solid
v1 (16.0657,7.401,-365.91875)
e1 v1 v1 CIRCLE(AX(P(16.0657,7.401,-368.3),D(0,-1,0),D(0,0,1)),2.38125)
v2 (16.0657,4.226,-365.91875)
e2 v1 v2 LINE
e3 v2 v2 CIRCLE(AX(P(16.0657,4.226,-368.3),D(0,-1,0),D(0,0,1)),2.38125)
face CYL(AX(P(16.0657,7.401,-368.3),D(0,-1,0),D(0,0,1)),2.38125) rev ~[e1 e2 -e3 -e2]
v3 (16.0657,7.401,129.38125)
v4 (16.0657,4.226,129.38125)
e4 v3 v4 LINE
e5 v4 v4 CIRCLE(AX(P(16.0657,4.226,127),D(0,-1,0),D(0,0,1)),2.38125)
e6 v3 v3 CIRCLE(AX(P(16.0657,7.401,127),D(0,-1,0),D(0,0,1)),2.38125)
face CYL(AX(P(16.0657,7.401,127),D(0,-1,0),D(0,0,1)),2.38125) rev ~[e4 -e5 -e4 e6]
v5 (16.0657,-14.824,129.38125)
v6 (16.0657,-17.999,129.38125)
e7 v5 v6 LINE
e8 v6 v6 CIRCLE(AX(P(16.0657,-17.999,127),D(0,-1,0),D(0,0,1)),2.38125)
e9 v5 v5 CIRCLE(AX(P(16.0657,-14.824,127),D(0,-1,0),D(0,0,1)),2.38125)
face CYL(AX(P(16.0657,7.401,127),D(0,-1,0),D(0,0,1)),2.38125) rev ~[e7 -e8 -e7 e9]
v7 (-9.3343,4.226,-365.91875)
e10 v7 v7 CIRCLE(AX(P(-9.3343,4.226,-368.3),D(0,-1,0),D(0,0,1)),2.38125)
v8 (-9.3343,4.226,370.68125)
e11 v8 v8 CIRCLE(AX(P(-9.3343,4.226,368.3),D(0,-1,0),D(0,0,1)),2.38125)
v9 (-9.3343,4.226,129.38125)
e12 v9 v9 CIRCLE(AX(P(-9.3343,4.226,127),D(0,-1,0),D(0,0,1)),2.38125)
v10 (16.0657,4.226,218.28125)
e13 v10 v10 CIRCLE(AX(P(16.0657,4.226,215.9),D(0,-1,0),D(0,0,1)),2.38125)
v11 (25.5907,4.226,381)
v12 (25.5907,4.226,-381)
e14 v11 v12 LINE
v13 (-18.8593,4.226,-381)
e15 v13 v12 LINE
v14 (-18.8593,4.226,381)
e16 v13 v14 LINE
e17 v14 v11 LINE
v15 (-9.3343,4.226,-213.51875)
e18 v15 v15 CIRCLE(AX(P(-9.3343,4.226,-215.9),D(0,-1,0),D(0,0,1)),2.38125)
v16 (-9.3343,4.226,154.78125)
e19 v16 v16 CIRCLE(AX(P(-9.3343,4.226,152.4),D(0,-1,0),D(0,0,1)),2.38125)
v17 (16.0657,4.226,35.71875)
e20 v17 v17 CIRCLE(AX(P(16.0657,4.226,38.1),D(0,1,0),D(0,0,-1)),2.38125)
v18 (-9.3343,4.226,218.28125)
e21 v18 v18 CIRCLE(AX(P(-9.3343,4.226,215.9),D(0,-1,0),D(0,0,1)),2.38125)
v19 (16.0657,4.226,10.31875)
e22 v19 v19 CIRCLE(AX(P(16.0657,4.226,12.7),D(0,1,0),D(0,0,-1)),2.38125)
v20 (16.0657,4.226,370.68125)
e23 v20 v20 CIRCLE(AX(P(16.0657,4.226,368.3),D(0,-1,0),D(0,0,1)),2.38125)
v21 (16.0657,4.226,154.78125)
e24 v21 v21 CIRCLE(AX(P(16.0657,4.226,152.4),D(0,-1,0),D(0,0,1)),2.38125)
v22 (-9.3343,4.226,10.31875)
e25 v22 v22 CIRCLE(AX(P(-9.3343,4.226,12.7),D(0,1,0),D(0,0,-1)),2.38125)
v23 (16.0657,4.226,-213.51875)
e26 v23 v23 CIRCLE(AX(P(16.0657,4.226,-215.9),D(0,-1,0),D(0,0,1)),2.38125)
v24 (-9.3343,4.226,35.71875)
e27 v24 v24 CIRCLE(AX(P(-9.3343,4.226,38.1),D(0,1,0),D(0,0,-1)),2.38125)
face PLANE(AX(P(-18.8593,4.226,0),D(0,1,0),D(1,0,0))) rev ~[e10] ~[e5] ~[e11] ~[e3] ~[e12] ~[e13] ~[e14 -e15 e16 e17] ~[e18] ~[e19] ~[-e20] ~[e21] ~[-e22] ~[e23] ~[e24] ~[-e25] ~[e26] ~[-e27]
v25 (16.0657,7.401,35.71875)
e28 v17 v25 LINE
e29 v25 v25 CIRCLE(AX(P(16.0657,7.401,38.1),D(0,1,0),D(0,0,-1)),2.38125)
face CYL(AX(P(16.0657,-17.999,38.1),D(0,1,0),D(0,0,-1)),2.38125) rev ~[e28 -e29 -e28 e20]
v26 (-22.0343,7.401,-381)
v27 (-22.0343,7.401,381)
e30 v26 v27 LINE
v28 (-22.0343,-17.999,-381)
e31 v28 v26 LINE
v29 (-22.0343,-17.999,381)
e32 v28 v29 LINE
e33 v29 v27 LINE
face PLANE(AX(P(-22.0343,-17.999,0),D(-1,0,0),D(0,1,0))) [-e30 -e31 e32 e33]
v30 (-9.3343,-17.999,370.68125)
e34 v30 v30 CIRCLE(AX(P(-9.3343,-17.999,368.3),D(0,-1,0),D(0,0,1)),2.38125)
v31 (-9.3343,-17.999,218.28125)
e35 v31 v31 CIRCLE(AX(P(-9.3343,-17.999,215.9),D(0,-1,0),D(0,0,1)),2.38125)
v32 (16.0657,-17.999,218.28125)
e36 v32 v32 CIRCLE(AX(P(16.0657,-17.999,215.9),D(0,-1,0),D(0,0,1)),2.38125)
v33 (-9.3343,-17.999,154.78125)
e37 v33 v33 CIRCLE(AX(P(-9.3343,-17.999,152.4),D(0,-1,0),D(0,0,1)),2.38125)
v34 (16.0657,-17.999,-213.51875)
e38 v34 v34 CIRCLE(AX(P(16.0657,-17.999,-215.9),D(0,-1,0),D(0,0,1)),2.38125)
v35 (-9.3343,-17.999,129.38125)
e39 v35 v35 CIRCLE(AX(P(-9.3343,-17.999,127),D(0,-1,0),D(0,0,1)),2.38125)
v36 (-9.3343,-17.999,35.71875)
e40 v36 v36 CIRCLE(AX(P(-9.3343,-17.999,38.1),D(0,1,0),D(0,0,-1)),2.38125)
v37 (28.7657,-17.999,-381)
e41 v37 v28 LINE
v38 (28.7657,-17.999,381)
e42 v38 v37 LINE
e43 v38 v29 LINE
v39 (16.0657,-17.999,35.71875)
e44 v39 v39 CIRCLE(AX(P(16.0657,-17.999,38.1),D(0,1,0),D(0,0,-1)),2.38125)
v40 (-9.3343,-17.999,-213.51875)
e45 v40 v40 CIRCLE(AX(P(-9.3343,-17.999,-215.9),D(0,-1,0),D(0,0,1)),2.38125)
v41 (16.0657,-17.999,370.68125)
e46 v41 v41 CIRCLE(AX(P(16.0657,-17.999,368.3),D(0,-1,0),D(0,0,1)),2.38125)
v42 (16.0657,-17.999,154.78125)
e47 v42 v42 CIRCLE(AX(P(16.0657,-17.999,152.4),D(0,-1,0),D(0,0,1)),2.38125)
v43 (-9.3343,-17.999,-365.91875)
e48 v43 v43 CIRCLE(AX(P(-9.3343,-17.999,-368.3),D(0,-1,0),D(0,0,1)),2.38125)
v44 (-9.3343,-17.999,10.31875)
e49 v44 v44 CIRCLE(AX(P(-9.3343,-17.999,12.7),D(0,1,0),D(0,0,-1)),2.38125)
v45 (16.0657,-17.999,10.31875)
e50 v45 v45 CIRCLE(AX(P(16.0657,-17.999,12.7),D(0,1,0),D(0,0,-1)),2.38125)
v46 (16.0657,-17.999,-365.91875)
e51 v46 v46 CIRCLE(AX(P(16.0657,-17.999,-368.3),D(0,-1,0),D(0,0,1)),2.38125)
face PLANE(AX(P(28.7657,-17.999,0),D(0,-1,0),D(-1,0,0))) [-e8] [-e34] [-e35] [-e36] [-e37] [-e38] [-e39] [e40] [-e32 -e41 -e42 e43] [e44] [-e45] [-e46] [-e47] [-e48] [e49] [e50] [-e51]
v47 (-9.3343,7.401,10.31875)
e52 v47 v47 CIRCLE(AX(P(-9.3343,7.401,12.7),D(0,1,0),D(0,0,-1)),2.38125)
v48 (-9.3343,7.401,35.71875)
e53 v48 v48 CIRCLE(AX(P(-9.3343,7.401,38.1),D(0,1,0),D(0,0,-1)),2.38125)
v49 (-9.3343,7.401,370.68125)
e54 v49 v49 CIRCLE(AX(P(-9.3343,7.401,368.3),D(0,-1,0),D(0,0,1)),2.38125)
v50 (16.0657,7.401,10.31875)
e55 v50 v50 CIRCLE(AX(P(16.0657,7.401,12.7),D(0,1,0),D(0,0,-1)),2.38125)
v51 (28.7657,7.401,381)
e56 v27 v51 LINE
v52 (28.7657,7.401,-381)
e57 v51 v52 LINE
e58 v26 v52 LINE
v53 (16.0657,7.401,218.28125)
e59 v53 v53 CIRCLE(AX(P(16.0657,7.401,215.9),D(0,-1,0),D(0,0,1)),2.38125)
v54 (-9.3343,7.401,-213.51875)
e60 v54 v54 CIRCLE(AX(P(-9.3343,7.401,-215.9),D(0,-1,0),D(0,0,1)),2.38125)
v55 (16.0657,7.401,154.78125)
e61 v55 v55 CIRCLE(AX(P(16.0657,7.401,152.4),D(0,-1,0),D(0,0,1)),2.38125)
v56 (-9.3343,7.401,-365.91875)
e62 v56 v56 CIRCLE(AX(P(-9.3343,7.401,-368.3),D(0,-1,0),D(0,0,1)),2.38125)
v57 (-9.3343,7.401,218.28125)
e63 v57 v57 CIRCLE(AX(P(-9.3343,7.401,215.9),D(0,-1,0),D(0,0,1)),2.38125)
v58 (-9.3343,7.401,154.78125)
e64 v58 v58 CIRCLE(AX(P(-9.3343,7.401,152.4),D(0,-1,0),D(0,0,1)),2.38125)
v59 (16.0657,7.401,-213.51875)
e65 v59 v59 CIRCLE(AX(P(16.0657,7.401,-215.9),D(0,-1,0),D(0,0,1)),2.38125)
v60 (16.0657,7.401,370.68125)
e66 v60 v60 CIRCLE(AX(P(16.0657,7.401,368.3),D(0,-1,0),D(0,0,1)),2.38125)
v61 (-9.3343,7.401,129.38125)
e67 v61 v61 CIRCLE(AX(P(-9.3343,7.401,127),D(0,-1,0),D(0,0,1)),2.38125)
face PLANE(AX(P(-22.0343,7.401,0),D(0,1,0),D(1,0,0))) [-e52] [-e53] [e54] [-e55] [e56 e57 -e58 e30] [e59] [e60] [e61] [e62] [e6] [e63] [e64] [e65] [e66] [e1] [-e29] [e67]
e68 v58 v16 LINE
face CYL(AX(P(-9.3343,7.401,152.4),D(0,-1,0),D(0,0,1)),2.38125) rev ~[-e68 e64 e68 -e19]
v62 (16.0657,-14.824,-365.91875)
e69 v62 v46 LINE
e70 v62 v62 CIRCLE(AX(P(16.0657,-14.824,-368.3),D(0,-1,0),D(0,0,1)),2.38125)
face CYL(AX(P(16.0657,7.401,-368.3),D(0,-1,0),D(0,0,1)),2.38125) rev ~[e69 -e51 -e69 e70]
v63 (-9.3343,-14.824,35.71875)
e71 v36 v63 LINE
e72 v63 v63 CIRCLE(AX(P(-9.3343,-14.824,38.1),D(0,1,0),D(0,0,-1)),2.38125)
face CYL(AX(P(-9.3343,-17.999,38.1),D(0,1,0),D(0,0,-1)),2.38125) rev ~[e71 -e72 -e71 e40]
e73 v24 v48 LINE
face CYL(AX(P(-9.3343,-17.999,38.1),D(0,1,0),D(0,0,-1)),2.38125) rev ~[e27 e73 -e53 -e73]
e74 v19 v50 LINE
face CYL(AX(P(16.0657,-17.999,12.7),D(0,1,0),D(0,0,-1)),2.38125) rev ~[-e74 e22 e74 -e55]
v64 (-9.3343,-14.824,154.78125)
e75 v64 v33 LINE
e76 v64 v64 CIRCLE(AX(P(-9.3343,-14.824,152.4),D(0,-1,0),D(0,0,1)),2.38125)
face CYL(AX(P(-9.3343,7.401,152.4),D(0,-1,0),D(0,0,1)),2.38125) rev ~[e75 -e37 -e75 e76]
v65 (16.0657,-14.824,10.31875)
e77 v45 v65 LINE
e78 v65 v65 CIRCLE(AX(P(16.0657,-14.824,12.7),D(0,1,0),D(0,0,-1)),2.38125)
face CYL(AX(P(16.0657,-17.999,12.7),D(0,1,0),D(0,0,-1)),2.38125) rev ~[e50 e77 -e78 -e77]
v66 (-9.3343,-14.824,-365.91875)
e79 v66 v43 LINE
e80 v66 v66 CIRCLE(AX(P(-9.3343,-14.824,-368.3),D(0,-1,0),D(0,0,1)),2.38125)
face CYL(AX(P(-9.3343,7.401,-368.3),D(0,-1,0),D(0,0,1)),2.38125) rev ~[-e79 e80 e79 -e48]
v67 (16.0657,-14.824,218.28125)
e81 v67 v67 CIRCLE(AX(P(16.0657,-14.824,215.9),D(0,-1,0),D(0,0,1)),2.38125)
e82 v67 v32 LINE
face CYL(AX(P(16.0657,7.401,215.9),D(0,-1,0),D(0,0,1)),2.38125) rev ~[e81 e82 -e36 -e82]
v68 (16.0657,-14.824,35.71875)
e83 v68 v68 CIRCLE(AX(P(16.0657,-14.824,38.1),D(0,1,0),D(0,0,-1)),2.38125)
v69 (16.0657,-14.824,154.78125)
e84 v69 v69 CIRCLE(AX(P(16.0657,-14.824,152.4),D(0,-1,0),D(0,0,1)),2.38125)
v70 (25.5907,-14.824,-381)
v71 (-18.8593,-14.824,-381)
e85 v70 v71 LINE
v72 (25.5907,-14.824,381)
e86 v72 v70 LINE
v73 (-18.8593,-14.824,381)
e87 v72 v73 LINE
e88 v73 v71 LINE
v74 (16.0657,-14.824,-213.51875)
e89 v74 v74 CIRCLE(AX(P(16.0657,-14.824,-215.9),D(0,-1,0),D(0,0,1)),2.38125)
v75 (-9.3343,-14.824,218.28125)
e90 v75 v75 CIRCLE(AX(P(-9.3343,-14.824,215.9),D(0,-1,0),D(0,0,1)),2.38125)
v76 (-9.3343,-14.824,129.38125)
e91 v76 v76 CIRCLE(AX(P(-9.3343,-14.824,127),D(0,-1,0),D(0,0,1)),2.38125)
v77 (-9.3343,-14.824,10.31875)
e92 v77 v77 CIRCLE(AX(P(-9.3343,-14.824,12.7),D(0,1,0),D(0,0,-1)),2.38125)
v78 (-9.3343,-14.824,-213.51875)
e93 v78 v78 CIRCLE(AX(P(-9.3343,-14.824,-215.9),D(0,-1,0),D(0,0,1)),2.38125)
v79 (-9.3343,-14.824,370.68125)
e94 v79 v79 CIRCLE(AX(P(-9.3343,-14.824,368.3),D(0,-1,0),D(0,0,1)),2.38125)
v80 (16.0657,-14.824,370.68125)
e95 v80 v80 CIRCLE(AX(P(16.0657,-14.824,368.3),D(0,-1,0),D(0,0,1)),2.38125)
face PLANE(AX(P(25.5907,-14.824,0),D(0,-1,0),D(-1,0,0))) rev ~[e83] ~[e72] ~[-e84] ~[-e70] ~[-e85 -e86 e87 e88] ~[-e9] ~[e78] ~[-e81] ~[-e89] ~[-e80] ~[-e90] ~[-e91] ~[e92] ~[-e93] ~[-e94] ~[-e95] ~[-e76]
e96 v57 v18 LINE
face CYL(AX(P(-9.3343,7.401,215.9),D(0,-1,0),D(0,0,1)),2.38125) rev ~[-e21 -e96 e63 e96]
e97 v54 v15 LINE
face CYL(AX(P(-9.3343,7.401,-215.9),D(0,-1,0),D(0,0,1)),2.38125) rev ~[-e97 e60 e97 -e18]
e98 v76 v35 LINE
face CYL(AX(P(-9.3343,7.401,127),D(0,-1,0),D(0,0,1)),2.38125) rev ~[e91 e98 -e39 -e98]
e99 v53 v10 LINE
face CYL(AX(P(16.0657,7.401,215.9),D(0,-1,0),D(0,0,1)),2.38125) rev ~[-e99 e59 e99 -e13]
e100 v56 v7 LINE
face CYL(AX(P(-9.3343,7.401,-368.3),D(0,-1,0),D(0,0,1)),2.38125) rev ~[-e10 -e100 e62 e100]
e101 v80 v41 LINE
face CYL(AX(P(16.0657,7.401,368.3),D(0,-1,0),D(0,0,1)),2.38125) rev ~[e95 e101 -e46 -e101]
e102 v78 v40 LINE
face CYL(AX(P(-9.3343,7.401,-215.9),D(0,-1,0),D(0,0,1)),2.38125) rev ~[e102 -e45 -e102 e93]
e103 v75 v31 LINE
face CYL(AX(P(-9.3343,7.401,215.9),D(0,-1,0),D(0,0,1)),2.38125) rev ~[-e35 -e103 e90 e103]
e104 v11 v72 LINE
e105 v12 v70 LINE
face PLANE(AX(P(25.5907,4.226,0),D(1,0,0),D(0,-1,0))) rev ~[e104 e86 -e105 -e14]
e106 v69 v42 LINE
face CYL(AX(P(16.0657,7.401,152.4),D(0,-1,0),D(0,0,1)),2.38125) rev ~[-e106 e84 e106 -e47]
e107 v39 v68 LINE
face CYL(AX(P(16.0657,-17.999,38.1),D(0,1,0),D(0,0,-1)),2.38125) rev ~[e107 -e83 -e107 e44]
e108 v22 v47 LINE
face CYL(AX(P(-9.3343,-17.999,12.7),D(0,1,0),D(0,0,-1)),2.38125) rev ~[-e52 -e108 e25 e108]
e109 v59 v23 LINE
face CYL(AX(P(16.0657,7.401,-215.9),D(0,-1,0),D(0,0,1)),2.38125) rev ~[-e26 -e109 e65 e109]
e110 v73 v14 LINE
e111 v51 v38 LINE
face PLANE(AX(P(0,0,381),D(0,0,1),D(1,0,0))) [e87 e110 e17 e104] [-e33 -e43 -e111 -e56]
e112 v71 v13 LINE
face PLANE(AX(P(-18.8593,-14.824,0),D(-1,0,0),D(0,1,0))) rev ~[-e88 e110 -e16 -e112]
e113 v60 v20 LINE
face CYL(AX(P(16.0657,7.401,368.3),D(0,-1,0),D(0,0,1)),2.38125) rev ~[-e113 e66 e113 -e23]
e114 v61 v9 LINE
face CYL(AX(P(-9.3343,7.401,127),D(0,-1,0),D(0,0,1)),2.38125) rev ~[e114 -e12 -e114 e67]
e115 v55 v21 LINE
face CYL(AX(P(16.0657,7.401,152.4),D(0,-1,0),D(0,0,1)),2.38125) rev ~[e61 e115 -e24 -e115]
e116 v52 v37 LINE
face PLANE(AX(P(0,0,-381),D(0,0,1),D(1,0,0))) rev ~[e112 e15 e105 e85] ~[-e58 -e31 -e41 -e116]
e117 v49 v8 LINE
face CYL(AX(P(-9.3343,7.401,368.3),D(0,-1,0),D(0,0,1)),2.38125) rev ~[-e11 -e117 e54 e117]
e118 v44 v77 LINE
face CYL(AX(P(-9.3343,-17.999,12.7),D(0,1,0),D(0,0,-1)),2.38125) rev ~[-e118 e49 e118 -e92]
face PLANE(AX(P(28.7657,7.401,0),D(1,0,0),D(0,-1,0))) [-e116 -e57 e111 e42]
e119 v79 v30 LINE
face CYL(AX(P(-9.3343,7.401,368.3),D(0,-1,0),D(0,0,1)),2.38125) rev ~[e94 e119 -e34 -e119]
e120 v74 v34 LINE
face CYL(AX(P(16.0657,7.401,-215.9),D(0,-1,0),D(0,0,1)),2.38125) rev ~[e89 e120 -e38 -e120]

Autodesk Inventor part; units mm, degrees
ref_plane "YZ Plane" through (0, 0, 0) normal (1, 0, 0) x (0, 1, 0)
ref_plane "XZ Plane" through (0, 0, 0) normal (0, 1, 0) x (-1, 0, 0)
ref_plane "XY Plane" through (0, 0, 0) normal (0, 0, 1) x (1, 0, 0)
sketch "Sketch1" plane through (0, 0, 0) normal (0, 0, 1) x (1, 0, 0)
  line L0 (-22.0343, 7.401) -> (28.7657, 7.401)
  line L1 (28.7657, 7.401) -> (28.7657, -17.999)
  line L2 (28.7657, -17.999) -> (-22.0343, -17.999)
  line L3 (-22.0343, -17.999) -> (-22.0343, 7.401)
  line L4 (-18.8593, 4.226) -> (25.5907, 4.226)
  line L5 (25.5907, 4.226) -> (25.5907, -14.824)
  line L6 (25.5907, -14.824) -> (-18.8593, -14.824)
  line L7 (-18.8593, -14.824) -> (-18.8593, 4.226)
  point P0 (0, 0)
  dimension "d0" = 50.8
  dimension "d1" = 25.4
  dimension "d2" = 3.175
  dimension "d3" = 3.175
  dimension "d4" = 3.175
  dimension "d5" = 3.175
extrude "Extrusion1" add sketch "Sketch1" along normal mid plane 762
sketch "Sketch2" plane through (-22.0343, 7.401, 381) normal (0, 1, 0) x (1, 0, 0)
  line L0 (50.8, 0) -> (0, 0) projected
  line L1 (0, 762) -> (0, 0) projected
  point P0 (22.0343, 381)
  point P1 (12.7, 12.7)
  dimension "d8" = 12.7
  dimension "d9" = 12.7
hole "Hole1" at (-9.3343, 7.401, 368.3) direction (0, -1, 0) diameter 4.7625 depth 27.94
sketch "Sketch3" plane through (-22.0343, 7.401, 381) normal (0, 1, 0) x (1, 0, 0)
  line L0 (50.8, 0) -> (0, 0) projected
  line L1 (50.8, 762) -> (50.8, 0) projected
  point P0 (22.0343, 381)
  point P1 (38.1, 12.7)
  dimension "d17" = 12.7
  dimension "d18" = 12.7
hole "Hole2" at (16.0657, 7.401, 368.3) direction (0, -1, 0) diameter 4.7625 depth 27.94
sketch "Sketch4" plane through (-22.0343, 7.401, 381) normal (0, 1, 0) x (1, 0, 0)
  line L0 (0, 762) -> (0, 0) projected
  line L1 (50.8, 0) -> (0, 0) projected
  point P0 (22.0343, 381)
  point P1 (12.7, 165.1)
  dimension "d26" = 12.7
  dimension "d27" = 165.1
hole "Hole3" at (-9.3343, 7.401, 215.9) direction (0, -1, 0) diameter 4.7625 depth 27.94
sketch "Sketch5" plane through (-22.0343, 7.401, 381) normal (0, 1, 0) x (1, 0, 0)
  line L0 (50.8, 762) -> (50.8, 0) projected
  line L1 (50.8, 0) -> (0, 0) projected
  point P0 (22.0343, 381)
  point P1 (38.1, 165.1)
  dimension "d35" = 12.7
  dimension "d36" = 165.1
hole "Hole4" at (16.0657, 7.401, 215.9) direction (0, -1, 0) diameter 4.7625 depth 27.94
sketch "Sketch6" plane through (-22.0343, 7.401, 381) normal (0, 1, 0) x (1, 0, 0)
  line L0 (0, 762) -> (50.8, 762) projected
  line L1 (0, 762) -> (0, 0) projected
  point P0 (22.0343, 381)
  point P1 (12.7, 749.3)
  dimension "d44" = 12.7
  dimension "d45" = 12.7
hole "Hole5" at (-9.3343, 7.401, -368.3) direction (0, -1, 0) diameter 4.7625 depth 27.94
sketch "Sketch7" plane through (-22.0343, 7.401, 381) normal (0, 1, 0) x (1, 0, 0)
  line L0 (0, 762) -> (50.8, 762) projected
  line L1 (50.8, 762) -> (50.8, 0) projected
  point P0 (22.0343, 381)
  point P1 (38.1, 749.3)
  dimension "d53" = 12.7
  dimension "d54" = 12.7
hole "Hole6" at (16.0657, 7.401, -368.3) direction (0, -1, 0) diameter 4.7625 depth 27.94
sketch "Sketch8" plane through (-22.0343, 7.401, 381) normal (0, 1, 0) x (1, 0, 0)
  line L0 (0, 762) -> (50.8, 762) projected
  line L1 (0, 762) -> (0, 0) projected
  point P0 (22.0343, 381)
  point P1 (12.7, 596.9)
  dimension "d62" = 165.1
  dimension "d63" = 12.7
hole "Hole7" at (-9.3343, 7.401, -215.9) direction (0, -1, 0) diameter 4.7625 depth 27.94
sketch "Sketch9" plane through (-22.0343, 7.401, 381) normal (0, 1, 0) x (1, 0, 0)
  line L0 (0, 762) -> (50.8, 762) projected
  line L1 (50.8, 762) -> (50.8, 0) projected
  point P0 (22.0343, 381)
  point P1 (38.1, 596.9)
  dimension "d71" = 165.1
  dimension "d72" = 12.7
hole "Hole8" at (16.0657, 7.401, -215.9) direction (0, -1, 0) diameter 4.7625 depth 27.94
sketch "Sketch14" plane through (-22.0343, 7.401, 381) normal (0, 1, 0) x (1, 0, 0)
  line L0 (0, 762) -> (0, 0) projected
  line L1 (50.8, 0) -> (0, 0) projected
  point P0 (22.0343, 381)
  point P1 (12.7, 254)
  dimension "d116" = 12.7
  dimension "d117" = 254
hole "Hole13" at (-9.3343, 7.401, 127) direction (0, -1, 0) diameter 4.7625 depth 104.14
sketch "Sketch15" plane through (-22.0343, 7.401, 381) normal (0, 1, 0) x (1, 0, 0)
  line L0 (0, 762) -> (0, 0) projected
  line L1 (50.8, 0) -> (0, 0) projected
  point P0 (22.0343, 381)
  point P1 (38.1, 254)
  dimension "d125" = 38.1
  dimension "d126" = 254
hole "Hole14" at (16.0657, 7.401, 127) direction (0, -1, 0) diameter 4.7625 depth 104.14
sketch "Sketch16" plane through (-22.0343, 7.401, 381) normal (0, 1, 0) x (1, 0, 0)
  line L0 (0, 762) -> (0, 0) projected
  line L1 (50.8, 0) -> (0, 0) projected
  point P0 (22.0343, 381)
  point P1 (12.7, 228.6)
  dimension "d134" = 12.7
  dimension "d135" = 228.6
hole "Hole15" at (-9.3343, 7.401, 152.4) direction (0, -1, 0) diameter 4.7625 depth 104.14
sketch "Sketch17" plane through (-22.0343, 7.401, 381) normal (0, 1, 0) x (1, 0, 0)
  line L0 (50.8, 0) -> (0, 0) projected
  line L1 (50.8, 762) -> (50.8, 0) projected
  point P0 (22.0343, 381)
  point P1 (38.1, 228.6)
  dimension "d143" = 228.6
  dimension "d144" = 12.7
hole "Hole16" at (16.0657, 7.401, 152.4) direction (0, -1, 0) diameter 4.7625 depth 104.14
sketch "Sketch18" plane through (-22.0343, -17.999, 381) normal (0, -1, 0) x (1, 0, 0)
  line L0 (50.8, -762) -> (50.8, 0) projected
  line L1 (0, 0) -> (50.8, 0) projected
  point P0 (22.0343, -381)
  point P1 (38.1, -342.9)
  dimension "d152" = 12.7
  dimension "d153" = 342.9
hole "Hole17" at (16.0657, -17.999, 38.1) direction (0, 1, 0) diameter 4.7625 depth 104.14
sketch "Sketch19" plane through (-22.0343, -17.999, 381) normal (0, -1, 0) x (1, 0, 0)
  line L0 (0, 0) -> (0, -762) projected
  line L1 (0, 0) -> (50.8, 0) projected
  point P0 (22.0343, -381)
  point P1 (12.7, -342.9)
  dimension "d161" = 12.7
  dimension "d162" = 342.9
hole "Hole18" at (-9.3343, -17.999, 38.1) direction (0, 1, 0) diameter 4.7625 depth 104.14
sketch "Sketch20" plane through (-22.0343, -17.999, 381) normal (0, -1, 0) x (1, 0, 0)
  line L0 (50.8, -762) -> (50.8, 0) projected
  line L1 (50.8, -762) -> (0, -762) projected
  point P0 (22.0343, -381)
  point P1 (38.1, -368.3)
  dimension "d170" = 12.7
  dimension "d171" = 393.7
hole "Hole19" at (16.0657, -17.999, 12.7) direction (0, 1, 0) diameter 4.7625 depth 104.14
sketch "Sketch21" plane through (-22.0343, -17.999, 381) normal (0, -1, 0) x (1, 0, 0)
  line L0 (50.8, -762) -> (50.8, 0) projected
  line L1 (50.8, -762) -> (0, -762) projected
  point P0 (22.0343, -381)
  point P1 (12.7, -368.3)
  dimension "d179" = 38.1
  dimension "d180" = 393.7
hole "Hole20" at (-9.3343, -17.999, 12.7) direction (0, 1, 0) diameter 4.7625 depth 104.14
equation "\"d4\" = d3"
equation "\"d5\" = d3"
properties part number "HorizontalSupportBar"
